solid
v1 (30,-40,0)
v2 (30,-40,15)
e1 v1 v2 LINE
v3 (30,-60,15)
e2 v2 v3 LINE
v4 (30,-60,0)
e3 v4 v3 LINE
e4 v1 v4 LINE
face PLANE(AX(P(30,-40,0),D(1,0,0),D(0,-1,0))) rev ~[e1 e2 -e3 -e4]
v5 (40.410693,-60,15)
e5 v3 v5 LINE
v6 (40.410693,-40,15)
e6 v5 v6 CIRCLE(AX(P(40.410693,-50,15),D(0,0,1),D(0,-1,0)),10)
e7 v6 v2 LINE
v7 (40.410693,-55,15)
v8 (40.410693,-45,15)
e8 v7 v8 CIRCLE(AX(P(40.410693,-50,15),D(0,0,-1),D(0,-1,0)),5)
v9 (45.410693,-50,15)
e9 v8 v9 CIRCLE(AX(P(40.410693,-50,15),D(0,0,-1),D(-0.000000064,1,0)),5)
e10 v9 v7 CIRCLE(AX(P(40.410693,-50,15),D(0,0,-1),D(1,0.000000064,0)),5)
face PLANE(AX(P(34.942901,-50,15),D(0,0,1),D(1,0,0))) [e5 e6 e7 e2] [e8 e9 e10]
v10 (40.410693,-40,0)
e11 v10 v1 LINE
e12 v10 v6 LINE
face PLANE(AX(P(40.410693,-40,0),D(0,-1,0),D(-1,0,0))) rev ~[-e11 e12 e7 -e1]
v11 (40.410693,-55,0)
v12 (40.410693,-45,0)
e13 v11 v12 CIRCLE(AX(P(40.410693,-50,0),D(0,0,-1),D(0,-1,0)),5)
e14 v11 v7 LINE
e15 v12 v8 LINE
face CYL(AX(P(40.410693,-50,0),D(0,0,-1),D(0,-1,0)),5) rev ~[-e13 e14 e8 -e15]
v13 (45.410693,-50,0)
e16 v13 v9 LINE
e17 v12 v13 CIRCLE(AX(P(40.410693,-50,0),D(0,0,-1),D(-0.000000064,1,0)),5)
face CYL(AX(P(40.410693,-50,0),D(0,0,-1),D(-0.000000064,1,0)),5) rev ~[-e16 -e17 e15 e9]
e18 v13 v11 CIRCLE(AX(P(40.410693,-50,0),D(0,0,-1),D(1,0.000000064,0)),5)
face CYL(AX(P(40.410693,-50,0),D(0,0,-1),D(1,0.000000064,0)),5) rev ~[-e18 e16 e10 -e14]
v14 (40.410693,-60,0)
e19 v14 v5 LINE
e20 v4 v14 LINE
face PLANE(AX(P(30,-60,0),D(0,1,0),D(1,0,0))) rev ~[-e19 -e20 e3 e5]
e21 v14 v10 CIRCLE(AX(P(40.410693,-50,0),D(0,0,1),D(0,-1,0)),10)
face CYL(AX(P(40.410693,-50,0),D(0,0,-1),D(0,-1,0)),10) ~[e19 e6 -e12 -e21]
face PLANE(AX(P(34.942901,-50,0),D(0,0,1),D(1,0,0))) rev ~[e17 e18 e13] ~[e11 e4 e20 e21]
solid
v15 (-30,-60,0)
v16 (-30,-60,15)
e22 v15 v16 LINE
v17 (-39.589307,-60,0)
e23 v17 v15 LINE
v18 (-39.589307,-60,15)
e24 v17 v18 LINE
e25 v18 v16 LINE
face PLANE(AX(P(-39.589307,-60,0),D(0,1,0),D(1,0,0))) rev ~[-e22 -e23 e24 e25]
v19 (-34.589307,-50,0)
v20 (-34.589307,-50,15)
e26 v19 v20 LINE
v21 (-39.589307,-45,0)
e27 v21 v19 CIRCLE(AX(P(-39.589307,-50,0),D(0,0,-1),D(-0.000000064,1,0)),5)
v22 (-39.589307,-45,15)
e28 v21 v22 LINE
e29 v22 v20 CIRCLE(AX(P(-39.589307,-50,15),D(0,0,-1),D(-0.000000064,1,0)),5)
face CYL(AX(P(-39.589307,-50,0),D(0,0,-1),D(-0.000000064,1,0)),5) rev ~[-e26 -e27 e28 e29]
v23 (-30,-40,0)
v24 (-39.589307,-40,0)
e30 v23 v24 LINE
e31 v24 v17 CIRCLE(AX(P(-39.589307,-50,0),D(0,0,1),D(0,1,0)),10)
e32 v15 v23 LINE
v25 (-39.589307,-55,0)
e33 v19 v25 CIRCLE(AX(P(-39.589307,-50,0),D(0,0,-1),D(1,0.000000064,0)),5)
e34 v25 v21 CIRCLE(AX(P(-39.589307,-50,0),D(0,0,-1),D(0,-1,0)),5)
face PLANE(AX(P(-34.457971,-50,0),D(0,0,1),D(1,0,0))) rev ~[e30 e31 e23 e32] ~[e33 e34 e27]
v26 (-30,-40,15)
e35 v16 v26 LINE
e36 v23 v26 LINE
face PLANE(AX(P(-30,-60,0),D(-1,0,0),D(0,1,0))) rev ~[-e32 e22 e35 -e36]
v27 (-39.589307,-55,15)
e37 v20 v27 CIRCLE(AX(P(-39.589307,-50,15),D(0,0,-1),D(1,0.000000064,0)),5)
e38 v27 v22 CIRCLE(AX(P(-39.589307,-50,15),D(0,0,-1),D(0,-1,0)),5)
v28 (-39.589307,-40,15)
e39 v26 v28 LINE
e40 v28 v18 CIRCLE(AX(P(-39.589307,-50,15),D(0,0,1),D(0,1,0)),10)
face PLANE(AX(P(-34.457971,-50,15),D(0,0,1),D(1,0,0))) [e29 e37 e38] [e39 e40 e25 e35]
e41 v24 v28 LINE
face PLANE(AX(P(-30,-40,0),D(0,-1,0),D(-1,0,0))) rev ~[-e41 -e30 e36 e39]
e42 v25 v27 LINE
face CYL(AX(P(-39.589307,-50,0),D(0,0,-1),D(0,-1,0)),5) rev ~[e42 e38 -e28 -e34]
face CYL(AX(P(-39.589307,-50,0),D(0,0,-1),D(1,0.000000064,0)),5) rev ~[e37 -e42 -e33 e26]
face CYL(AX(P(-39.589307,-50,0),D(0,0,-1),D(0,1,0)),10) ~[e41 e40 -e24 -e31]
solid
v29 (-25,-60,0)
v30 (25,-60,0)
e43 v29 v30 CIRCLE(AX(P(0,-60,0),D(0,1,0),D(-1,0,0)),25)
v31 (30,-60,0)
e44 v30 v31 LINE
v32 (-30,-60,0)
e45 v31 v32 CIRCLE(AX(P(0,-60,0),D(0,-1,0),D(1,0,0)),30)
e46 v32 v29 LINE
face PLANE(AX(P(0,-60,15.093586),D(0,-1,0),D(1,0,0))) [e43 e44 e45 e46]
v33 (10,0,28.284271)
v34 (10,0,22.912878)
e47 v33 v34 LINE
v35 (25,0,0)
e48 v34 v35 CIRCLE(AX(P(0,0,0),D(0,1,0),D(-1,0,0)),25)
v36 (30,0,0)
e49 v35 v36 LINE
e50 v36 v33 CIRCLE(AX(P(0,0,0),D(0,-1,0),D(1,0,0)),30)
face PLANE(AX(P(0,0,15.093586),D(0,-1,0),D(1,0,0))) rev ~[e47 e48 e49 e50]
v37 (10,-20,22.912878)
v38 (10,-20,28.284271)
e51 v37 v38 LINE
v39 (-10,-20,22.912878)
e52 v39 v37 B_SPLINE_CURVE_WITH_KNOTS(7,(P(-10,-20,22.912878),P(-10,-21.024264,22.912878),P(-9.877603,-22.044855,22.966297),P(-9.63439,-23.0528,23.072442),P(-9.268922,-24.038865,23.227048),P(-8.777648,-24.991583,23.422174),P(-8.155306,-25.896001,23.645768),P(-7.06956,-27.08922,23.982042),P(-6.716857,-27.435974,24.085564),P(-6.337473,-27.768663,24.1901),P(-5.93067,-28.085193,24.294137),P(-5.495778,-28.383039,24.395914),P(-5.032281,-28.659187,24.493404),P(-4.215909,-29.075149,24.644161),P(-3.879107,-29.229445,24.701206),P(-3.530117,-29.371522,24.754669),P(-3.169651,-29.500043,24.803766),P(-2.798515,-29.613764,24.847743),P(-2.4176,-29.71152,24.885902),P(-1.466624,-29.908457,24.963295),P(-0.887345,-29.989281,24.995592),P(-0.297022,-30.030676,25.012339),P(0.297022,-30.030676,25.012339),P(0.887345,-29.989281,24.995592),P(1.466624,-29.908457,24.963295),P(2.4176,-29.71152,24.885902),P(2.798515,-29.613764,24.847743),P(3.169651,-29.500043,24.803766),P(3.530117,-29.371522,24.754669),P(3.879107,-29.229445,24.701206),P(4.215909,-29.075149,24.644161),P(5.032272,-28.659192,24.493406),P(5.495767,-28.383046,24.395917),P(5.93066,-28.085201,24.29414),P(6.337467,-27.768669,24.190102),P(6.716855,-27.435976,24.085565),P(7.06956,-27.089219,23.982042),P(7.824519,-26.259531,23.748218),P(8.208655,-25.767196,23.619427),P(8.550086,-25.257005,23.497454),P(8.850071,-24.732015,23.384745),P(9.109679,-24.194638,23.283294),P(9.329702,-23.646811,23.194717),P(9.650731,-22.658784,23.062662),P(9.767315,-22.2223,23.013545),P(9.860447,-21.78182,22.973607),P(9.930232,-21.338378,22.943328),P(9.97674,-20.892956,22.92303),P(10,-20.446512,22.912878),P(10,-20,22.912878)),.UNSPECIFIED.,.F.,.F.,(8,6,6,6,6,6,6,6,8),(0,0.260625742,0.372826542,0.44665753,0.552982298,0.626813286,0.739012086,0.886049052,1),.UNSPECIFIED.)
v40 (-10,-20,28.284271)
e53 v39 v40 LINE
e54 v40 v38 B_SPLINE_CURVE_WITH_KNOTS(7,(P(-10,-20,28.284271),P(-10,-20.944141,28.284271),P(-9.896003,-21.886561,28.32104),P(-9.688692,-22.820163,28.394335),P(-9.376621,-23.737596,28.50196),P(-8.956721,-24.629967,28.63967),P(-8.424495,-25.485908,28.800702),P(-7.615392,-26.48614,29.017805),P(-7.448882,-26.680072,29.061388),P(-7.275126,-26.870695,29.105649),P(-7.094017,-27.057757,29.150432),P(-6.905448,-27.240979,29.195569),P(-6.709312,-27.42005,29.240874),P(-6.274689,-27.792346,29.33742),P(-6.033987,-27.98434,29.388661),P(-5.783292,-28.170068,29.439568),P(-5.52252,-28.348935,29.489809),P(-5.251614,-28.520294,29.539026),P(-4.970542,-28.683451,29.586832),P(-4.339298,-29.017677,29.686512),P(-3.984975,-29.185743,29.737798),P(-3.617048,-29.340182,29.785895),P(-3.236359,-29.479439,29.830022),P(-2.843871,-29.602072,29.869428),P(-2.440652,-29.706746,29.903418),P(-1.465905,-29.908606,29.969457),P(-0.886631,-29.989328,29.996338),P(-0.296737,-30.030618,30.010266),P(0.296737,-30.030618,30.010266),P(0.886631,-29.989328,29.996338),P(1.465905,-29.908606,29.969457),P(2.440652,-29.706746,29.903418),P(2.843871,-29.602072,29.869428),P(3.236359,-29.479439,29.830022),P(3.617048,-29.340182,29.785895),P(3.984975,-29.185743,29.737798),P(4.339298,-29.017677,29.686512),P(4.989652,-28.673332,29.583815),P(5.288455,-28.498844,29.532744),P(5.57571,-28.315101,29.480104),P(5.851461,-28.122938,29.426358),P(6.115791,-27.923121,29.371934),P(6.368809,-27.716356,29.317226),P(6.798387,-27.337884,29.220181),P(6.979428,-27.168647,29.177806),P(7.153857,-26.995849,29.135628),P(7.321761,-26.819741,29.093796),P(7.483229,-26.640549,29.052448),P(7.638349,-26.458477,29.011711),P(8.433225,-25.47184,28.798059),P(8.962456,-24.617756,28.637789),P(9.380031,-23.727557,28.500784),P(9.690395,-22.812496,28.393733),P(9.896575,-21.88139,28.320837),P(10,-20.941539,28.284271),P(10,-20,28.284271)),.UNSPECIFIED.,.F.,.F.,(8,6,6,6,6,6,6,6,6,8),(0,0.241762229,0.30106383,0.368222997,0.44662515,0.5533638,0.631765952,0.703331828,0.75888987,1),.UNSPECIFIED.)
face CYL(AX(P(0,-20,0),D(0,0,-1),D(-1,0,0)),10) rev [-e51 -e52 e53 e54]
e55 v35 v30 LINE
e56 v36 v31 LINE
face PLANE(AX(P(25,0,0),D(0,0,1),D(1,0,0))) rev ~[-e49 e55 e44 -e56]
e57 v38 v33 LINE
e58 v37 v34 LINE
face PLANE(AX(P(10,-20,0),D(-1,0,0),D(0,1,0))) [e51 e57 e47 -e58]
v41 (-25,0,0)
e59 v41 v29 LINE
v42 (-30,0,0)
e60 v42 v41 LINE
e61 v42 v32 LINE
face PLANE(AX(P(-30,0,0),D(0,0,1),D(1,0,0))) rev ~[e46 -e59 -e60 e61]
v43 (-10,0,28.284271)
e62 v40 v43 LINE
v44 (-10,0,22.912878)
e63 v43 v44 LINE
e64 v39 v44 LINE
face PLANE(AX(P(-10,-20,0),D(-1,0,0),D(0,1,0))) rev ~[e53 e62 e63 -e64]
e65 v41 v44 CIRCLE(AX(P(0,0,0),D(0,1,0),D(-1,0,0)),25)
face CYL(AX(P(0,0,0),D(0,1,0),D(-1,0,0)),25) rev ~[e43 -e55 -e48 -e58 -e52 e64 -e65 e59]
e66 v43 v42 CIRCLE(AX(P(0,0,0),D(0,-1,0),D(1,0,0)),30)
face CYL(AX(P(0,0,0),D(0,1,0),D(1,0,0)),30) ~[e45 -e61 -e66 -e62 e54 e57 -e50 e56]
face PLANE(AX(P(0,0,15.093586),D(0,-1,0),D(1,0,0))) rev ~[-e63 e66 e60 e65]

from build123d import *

# Parameters (mm, degrees)
F1_DEPTH = 60
F2_W     = 20
F2_H     = 40
F3_DEPTH = 30.001
F5_DEPTH = 15


with BuildPart() as f1:
    # F0 (on Front) → F1 (new body)
    with BuildSketch(Plane.XZ):
        with BuildLine():
            Line((25, 0), (30, 0))
            ThreePointArc((30, 0), (0, 30), (-30, 0))
            Line((-30, 0), (-25, 0))
            ThreePointArc((-25, 0), (0, 25), (25, 0))
        make_face()
    extrude(amount=F1_DEPTH)

    # F2 (on Top) → F3 (cut, through all)
    with BuildSketch(Plane.XY):
        Rectangle(F2_W, F2_H)
        with BuildLine():
            Line((10, -20), (-10, -20))
            ThreePointArc((-10, -20), (0, -30), (10, -20))
        make_face()
    extrude(amount=F3_DEPTH, mode=Mode.SUBTRACT)


with BuildPart() as f5:
    # F4 (on Top) → F5 (new body)
    with BuildSketch(Plane.XY):
        with BuildLine():
            Line((-30, -40), (-39.589307, -40))
            Line((-39.589307, -40), (-39.589307, -45))
            ThreePointArc((-39.589307, -45), (-36.053773, -46.464466), (-34.589307, -50))
            ThreePointArc((-34.589307, -50), (-36.053773, -53.535534), (-39.589307, -55))
            Line((-39.589307, -55), (-39.589307, -60))
            Line((-39.589307, -60), (-30, -60))
            Line((-30, -60), (-30, -40))
        make_face()
        with BuildLine():
            Line((-39.589307, -45), (-39.589307, -40))
            ThreePointArc((-39.589307, -40), (-49.589307, -50), (-39.589307, -60))
            Line((-39.589307, -60), (-39.589307, -55))
            ThreePointArc((-39.589307, -55), (-44.589307, -50), (-39.589307, -45))
        make_face()
        with BuildLine():
            Line((40.410693, -45), (40.410693, -40))
            Line((40.410693, -40), (30, -40))
            Line((30, -40), (30, -60))
            Line((30, -60), (40.410693, -60))
            Line((40.410693, -60), (40.410693, -55))
            ThreePointArc((40.410693, -55), (35.410693, -50), (40.410693, -45))
        make_face()
        with BuildLine():
            ThreePointArc((40.410693, -60), (50.410693, -50), (40.410693, -40))
            Line((40.410693, -40), (40.410693, -45))
            ThreePointArc((40.410693, -45), (43.946227, -46.464466), (45.410693, -50))
            ThreePointArc((45.410693, -50), (43.946227, -53.535534), (40.410693, -55))
            Line((40.410693, -55), (40.410693, -60))
        make_face()
    extrude(amount=F5_DEPTH)


solid = Compound([f1.part, f5.part])
